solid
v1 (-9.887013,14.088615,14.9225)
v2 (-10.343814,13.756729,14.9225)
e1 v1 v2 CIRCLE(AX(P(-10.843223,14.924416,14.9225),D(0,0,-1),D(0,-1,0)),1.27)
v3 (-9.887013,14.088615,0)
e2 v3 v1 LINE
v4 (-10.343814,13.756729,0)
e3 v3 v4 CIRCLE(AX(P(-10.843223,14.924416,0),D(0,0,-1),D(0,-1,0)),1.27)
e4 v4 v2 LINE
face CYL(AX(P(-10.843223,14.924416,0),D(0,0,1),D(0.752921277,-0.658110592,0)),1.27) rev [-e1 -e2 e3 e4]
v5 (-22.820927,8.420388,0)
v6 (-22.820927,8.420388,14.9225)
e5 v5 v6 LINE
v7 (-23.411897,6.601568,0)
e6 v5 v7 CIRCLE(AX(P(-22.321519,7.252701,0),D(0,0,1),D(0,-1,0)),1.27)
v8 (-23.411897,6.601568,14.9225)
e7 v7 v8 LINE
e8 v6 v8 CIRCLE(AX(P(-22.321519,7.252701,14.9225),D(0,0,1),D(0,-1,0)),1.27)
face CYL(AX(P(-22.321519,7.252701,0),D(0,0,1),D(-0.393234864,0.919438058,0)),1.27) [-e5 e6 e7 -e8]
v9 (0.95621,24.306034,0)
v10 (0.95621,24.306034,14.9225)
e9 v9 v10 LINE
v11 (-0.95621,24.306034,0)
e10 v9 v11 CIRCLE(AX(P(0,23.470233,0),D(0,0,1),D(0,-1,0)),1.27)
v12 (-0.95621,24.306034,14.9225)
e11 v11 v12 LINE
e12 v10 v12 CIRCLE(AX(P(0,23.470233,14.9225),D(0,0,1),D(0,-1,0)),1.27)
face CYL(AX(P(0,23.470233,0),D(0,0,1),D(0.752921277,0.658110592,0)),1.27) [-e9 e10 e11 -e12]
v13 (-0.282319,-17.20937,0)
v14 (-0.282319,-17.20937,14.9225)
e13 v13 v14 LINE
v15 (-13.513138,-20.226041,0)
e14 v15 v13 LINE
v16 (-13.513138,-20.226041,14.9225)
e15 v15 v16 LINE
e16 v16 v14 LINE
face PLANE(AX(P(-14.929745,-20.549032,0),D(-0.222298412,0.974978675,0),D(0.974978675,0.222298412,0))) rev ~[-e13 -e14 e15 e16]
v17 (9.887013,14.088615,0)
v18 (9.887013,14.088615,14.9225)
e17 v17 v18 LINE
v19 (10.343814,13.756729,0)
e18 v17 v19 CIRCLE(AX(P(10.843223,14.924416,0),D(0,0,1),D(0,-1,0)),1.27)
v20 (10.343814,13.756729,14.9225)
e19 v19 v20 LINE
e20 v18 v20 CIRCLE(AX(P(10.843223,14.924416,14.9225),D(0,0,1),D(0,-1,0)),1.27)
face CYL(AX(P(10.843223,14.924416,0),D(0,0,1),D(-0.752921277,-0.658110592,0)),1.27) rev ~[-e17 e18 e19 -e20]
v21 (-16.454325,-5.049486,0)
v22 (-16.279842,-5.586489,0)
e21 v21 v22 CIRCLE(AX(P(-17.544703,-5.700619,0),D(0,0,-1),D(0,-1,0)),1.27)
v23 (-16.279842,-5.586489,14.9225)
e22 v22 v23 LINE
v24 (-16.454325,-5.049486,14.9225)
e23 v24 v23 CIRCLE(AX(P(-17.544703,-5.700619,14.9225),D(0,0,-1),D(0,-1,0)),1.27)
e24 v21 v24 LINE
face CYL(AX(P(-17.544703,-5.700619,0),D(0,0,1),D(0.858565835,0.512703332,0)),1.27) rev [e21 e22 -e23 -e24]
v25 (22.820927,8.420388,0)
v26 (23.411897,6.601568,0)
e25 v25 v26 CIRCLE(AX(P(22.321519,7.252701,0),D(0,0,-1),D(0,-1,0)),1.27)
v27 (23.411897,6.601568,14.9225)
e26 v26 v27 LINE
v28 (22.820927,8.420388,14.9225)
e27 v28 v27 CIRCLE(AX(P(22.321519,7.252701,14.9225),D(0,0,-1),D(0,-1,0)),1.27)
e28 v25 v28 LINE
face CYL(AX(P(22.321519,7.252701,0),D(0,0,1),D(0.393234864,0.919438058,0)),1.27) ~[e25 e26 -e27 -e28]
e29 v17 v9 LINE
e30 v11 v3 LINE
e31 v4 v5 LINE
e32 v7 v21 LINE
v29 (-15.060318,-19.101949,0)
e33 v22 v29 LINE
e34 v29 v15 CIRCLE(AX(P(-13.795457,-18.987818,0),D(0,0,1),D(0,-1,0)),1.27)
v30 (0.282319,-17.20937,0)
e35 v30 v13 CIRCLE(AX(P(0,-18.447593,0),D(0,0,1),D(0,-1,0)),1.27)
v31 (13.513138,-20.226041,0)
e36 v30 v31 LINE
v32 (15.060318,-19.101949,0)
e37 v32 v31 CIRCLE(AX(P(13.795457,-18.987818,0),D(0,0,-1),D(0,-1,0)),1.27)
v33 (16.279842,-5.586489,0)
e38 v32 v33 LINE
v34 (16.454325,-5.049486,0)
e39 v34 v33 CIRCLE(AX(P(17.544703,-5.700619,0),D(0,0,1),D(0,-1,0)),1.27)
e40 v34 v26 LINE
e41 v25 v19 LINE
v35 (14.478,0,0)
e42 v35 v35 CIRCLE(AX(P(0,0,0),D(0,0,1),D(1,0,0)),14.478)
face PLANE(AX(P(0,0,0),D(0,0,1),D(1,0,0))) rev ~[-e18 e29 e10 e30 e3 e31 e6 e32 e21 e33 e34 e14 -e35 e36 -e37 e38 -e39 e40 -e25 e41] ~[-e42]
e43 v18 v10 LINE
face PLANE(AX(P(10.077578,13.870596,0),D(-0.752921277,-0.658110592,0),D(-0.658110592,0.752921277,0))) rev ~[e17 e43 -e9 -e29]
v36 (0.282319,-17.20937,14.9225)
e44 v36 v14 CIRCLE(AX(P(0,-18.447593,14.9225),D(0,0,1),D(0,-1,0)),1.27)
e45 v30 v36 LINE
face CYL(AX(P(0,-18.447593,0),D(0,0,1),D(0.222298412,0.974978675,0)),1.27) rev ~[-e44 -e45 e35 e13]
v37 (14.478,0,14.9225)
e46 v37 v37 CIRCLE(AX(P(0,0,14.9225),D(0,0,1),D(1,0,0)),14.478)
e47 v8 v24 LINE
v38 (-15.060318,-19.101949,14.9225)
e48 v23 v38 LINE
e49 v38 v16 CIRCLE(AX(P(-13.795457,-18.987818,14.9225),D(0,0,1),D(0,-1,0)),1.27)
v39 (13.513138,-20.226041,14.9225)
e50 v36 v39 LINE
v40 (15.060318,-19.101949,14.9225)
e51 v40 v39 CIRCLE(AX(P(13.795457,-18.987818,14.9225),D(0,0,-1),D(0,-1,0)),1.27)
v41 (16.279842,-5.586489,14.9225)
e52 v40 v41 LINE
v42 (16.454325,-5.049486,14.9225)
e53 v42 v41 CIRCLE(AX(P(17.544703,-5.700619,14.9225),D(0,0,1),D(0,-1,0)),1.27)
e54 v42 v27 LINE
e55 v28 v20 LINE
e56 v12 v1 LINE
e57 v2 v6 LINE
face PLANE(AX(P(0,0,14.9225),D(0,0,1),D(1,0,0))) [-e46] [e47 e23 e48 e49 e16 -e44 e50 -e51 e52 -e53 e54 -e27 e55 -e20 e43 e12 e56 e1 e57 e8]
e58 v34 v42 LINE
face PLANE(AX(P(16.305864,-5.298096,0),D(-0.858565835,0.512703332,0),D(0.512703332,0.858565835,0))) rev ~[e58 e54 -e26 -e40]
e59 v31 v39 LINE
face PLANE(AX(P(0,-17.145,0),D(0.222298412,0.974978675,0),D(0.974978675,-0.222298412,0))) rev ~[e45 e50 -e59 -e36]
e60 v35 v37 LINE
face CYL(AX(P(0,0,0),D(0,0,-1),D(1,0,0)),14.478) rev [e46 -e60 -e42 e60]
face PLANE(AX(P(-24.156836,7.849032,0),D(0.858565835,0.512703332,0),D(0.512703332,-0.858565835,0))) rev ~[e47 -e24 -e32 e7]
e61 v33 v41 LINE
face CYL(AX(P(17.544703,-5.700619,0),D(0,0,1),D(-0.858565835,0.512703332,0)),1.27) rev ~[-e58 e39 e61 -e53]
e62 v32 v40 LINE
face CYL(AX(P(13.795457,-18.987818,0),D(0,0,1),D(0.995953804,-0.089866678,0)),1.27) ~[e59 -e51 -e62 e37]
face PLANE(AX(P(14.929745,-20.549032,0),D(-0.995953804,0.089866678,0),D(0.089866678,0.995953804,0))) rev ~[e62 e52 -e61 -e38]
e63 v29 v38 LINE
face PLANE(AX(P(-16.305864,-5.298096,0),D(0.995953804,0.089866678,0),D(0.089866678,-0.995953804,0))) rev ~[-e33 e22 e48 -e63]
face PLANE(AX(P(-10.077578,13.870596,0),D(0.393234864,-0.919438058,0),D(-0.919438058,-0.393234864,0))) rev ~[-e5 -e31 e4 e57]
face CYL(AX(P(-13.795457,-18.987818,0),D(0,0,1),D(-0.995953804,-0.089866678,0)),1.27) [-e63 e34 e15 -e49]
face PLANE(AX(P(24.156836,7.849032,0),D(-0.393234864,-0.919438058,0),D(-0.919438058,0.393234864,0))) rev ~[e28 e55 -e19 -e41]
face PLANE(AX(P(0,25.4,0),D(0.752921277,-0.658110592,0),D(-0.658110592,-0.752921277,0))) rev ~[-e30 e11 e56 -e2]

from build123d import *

# Parameters (mm, degrees)
F0_R     = 14.478
F1_DEPTH = 14.9225
F2_R     = 1.27


with BuildPart() as f1:
    # F0 (on Top) → F1 (new body)
    with BuildSketch(Plane.XY):
        Polygon((10.077578, 13.870596), (0, 25.4), (-10.077578, 13.870596), (-24.156836, 7.849032), (-16.305864, -5.298096), (-14.929745, -20.549032), (0, -17.145), (14.929745, -20.549032), (16.305864, -5.298096), (24.156836, 7.849032), align=None)
        Circle(F0_R, mode=Mode.SUBTRACT)
    extrude(amount=F1_DEPTH)

    # F2
    f2_edges = [f1.edges().sort_by_distance(p)[0] for p in [
        (-14.929745, -20.549032, 7.46125),
        (14.929745, -20.549032, 7.46125),
        (-24.156836, 7.849032, 7.46125),
        (24.156836, 7.849032, 7.46125),
        (0, 25.4, 7.46125),
        (-16.305864, -5.298096, 7.46125),
        (0, -17.145, 7.46125),
        (16.305864, -5.298096, 7.46125),
        (10.077578, 13.870596, 7.46125),
        (-10.077578, 13.870596, 7.46125),
    ]]
    fillet(f2_edges, radius=F2_R)


solid = f1.part
